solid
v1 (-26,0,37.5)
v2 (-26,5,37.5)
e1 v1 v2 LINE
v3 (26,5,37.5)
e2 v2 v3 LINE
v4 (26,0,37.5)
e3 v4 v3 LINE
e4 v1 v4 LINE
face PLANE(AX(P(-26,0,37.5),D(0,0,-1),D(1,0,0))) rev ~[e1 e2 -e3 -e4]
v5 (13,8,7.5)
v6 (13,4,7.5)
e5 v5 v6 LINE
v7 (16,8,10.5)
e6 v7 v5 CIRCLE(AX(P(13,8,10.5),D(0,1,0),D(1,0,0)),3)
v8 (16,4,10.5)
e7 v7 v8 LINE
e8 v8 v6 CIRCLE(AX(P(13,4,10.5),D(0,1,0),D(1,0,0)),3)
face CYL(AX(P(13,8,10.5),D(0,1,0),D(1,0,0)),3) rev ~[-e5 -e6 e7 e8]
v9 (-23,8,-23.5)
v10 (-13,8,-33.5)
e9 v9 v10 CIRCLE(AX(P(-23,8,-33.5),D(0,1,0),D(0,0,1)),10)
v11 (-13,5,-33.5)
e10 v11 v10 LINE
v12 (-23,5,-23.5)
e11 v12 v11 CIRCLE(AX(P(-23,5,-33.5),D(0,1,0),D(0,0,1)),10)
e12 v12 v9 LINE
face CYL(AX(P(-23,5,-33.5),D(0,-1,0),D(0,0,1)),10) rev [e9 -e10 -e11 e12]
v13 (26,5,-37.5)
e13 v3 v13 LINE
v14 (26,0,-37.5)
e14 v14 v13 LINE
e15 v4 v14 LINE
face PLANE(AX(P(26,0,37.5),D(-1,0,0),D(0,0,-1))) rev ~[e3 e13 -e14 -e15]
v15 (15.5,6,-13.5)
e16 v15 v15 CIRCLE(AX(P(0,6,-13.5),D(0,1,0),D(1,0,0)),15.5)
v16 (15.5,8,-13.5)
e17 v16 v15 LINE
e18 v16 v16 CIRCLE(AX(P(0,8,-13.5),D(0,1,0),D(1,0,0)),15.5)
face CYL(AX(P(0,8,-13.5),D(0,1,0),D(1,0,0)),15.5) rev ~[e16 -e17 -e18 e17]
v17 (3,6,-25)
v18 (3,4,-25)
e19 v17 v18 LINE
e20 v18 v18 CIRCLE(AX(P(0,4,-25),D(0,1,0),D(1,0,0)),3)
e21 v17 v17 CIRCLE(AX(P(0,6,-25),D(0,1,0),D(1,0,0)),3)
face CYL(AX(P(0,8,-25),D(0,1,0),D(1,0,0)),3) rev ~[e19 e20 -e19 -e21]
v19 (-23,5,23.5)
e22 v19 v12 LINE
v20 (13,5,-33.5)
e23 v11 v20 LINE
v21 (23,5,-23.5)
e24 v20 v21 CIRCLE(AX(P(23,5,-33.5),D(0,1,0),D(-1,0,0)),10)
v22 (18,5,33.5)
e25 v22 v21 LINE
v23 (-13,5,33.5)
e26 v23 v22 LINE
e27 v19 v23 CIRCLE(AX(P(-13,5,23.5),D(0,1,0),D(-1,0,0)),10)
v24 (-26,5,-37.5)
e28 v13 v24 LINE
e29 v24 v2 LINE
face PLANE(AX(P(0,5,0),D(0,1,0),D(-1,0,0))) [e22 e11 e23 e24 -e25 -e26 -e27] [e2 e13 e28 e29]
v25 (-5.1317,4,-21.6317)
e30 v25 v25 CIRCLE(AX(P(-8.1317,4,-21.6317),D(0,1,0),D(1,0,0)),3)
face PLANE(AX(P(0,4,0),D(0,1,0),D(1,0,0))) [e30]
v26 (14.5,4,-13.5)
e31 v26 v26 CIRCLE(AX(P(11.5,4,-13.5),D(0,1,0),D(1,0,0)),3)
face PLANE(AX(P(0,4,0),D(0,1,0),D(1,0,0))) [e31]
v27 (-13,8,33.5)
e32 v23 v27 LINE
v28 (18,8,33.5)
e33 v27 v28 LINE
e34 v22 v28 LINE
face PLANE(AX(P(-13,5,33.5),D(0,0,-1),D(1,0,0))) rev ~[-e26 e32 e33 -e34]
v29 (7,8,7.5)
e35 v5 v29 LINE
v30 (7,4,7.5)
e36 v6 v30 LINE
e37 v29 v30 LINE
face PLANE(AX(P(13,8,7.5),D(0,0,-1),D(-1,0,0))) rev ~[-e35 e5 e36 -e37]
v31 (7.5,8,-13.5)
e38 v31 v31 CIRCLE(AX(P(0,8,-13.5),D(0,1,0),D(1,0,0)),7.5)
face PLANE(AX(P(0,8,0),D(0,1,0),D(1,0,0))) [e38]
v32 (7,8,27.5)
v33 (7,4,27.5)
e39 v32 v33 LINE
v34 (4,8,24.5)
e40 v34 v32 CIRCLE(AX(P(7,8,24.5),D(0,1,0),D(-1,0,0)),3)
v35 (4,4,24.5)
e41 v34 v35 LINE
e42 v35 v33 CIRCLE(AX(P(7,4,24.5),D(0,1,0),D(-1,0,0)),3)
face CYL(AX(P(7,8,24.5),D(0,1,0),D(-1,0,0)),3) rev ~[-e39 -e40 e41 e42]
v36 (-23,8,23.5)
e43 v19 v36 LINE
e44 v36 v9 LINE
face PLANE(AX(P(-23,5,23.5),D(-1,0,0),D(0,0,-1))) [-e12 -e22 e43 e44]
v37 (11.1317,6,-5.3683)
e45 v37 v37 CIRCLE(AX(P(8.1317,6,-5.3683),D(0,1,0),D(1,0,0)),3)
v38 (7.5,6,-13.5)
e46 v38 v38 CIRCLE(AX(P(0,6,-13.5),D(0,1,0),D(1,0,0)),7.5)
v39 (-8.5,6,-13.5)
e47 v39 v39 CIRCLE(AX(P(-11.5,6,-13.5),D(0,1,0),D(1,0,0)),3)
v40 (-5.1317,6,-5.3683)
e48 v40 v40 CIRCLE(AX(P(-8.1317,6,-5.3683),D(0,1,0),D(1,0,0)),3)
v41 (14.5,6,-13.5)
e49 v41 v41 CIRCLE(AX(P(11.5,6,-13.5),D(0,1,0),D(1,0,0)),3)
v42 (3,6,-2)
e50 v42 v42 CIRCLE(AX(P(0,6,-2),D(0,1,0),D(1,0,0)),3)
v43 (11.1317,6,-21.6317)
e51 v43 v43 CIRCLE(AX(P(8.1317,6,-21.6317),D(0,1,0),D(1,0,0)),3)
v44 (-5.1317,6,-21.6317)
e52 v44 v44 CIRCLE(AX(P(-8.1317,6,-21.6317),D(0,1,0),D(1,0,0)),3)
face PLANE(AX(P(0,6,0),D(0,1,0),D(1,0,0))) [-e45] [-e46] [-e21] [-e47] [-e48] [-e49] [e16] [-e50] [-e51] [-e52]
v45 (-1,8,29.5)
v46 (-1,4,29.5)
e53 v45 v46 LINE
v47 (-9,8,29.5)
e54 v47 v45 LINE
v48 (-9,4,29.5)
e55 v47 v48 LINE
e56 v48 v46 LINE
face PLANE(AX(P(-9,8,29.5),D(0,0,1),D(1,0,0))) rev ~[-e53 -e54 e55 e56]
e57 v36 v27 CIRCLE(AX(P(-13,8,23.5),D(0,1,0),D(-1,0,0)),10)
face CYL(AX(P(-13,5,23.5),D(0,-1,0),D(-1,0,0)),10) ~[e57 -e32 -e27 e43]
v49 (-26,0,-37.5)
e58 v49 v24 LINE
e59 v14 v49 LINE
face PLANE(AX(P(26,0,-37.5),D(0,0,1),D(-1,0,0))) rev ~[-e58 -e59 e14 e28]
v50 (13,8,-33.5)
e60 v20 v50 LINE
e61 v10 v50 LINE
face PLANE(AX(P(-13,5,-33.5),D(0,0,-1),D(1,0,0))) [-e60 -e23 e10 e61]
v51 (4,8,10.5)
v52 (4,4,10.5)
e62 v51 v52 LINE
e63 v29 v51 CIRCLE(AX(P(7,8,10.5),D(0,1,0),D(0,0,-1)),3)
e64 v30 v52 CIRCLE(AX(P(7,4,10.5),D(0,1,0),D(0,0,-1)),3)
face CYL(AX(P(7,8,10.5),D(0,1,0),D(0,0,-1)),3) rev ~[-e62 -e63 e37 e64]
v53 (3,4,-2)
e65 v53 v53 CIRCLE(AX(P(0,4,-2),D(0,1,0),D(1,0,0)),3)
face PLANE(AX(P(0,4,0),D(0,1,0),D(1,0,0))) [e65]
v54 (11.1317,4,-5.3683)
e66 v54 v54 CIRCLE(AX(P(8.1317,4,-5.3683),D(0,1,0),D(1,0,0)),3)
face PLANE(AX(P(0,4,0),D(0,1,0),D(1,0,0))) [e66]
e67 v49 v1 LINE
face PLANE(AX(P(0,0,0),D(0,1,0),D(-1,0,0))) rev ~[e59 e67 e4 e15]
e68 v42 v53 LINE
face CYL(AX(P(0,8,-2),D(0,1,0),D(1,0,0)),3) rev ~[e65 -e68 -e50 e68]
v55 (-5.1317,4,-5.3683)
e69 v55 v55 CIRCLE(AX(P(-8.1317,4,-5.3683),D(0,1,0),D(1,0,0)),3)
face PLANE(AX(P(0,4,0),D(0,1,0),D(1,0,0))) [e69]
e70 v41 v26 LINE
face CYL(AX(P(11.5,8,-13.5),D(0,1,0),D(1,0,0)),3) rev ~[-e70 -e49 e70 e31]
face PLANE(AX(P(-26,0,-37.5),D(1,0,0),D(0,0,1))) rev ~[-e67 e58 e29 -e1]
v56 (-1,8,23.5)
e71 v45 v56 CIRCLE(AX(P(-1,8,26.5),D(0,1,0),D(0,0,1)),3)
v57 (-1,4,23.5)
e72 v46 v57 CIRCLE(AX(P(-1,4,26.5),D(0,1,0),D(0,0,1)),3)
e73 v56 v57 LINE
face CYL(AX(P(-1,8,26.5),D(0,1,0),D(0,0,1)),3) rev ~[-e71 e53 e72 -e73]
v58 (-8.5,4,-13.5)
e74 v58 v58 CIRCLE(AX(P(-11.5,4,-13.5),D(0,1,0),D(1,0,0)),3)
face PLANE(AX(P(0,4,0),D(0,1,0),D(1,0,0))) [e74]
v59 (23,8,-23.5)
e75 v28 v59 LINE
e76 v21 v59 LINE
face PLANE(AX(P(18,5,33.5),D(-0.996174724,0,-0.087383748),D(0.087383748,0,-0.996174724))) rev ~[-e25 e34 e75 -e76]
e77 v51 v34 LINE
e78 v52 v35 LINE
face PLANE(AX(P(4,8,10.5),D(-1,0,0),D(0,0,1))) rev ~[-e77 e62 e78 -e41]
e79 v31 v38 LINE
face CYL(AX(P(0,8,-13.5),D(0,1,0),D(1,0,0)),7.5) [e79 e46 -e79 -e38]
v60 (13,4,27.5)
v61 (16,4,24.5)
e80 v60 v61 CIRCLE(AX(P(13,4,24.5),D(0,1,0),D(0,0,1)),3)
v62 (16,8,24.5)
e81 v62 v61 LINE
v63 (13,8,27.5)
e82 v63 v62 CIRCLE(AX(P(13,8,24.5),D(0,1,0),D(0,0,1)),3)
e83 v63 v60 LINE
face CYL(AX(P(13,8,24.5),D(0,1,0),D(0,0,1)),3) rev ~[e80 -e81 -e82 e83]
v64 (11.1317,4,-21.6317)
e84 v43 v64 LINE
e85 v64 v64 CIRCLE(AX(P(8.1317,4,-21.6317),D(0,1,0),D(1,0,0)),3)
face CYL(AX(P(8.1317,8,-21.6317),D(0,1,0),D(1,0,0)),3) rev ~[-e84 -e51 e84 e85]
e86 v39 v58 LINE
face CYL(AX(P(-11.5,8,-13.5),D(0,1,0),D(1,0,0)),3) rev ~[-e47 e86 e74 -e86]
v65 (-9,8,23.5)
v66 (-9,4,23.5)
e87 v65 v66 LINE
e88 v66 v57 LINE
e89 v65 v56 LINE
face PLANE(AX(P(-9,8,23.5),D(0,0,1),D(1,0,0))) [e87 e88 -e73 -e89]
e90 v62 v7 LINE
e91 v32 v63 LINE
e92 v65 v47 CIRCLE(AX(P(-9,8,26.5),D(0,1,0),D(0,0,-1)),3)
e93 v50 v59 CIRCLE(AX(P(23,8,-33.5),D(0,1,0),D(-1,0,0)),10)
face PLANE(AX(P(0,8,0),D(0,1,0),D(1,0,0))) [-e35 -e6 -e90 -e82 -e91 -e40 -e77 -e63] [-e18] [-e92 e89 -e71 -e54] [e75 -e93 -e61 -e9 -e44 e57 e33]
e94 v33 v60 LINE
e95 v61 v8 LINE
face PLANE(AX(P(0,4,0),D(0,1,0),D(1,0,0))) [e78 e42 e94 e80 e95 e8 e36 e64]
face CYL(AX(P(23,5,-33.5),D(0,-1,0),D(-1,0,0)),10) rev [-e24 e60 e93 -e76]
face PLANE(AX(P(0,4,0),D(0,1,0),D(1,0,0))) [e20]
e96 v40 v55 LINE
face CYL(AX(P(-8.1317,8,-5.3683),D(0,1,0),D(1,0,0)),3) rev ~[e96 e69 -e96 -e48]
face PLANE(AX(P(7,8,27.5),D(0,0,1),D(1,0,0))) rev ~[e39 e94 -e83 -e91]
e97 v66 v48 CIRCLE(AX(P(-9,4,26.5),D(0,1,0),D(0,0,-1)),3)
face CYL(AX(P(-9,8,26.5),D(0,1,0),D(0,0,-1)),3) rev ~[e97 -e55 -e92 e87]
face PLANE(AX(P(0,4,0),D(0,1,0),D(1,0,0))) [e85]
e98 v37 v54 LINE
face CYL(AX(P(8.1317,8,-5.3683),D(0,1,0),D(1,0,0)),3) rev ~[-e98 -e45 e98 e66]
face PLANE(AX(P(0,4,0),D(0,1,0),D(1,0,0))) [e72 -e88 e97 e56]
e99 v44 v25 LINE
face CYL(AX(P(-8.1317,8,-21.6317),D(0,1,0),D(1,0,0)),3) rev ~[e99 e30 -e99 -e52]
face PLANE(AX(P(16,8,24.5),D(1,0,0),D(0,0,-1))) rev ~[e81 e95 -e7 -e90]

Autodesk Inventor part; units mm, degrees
ref_plane "YZ Plane" through (0, 0, 0) normal (1, 0, 0) x (0, 1, 0)
ref_plane "XZ Plane" through (0, 0, 0) normal (0, 1, 0) x (-1, 0, 0)
ref_plane "XY Plane" through (0, 0, 0) normal (0, 0, 1) x (1, 0, 0)
sketch "Sketch1" plane through (0, 0, 0) normal (0, 1, 0) x (-1, 0, 0)
  line L0 (26, 37.5) -> (-26, 37.5)
  line L1 (-26, 37.5) -> (-26, -37.5)
  line L2 (-26, -37.5) -> (26, -37.5)
  line L3 (26, -37.5) -> (26, 37.5)
  line L4 (26, 37.5) -> (-26, -37.5) construction
  line L5 (-26, 37.5) -> (26, -37.5) construction
  point P0 (0, 0)
  dimension "d0" = 52
  dimension "d1" = 75
extrude "Extrusion1" add sketch "Sketch1" along normal blind 5
sketch "Sketch2" plane through (0, 5, 0) normal (0, 1, 0) x (1, 0, 0)
  line L0 (-13, -33.5) -> (35.879, -33.5)
  line L1 (-26, -37.5) -> (26, -37.5) projected
  line L2 (-23, -23.5) -> (-23, 74.0013)
  line L3 (-26, 37.5) -> (-26, -37.5) projected
  arc A0 (-23, 23.5) -> (-13, 33.5) centre (-23, 33.5) ccw
  line L4 (26, 37.5) -> (-26, 37.5) projected
  arc A1 (13, 33.5) -> (23, 23.5) centre (23, 33.5) ccw
  line L5 (26, -37.5) -> (26, 37.5) projected
  line L6 (-13, 33.5) -> (13, 33.5)
  line L7 (18, -33.5) -> (23, 23.5)
  arc A2 (-23, -23.5) -> (-13, -33.5) centre (-13, -23.5) ccw
  point P0 (0, 0)
  dimension "d4" = 4
  dimension "d5" = 3
  dimension "d6" = 20
  dimension "d7" = 4
  dimension "d8" = 20
  dimension "d9" = 4
  dimension "d10" = 3
  dimension "d11" = 8
  dimension "d12" = 3
  dimension "d13" = 10
extrude "Extrusion2" add sketch "Sketch2" along normal blind 3 contours A2 L2 A0 L6 A1 L7 L0
sketch "Sketch3" plane through (0, 8, 0) normal (0, 1, 0) x (1, 0, 0)
  line L0 (4, -10.5) -> (4, -24.5)
  line L1 (7, -27.5) -> (13, -27.5)
  line L2 (16, -24.5) -> (16, -10.5)
  line L3 (13, -7.5) -> (7, -7.5)
  line L4 (26, -37.5) -> (26, 37.5) projected
  line L5 (-26, -37.5) -> (26, -37.5) projected
  arc A0 (4, -24.5) -> (7, -27.5) centre (7, -24.5) ccw
  arc A1 (7, -7.5) -> (4, -10.5) centre (7, -10.5) ccw
  arc A2 (16, -10.5) -> (13, -7.5) centre (13, -10.5) ccw
  arc A3 (13, -27.5) -> (16, -24.5) centre (13, -24.5) ccw
  arc A4 (-9, -23.5) -> (-9, -29.5) centre (-9, -26.5) ccw
  arc A5 (-1, -29.5) -> (-1, -23.5) centre (-1, -26.5) ccw
  line L6 (-9, -23.5) -> (-1, -23.5)
  line L7 (-9, -29.5) -> (-1, -29.5)
  circle A6 centre (0, 13.5) radius 7.5
  circle A7 centre (0, 2) radius 3
  circle A8 centre (-8.1317, 5.3683) radius 3
  circle A9 centre (-11.5, 13.5) radius 3
  circle A10 centre (-8.1317, 21.6317) radius 3
  circle A11 centre (0, 25) radius 3
  circle A12 centre (8.1317, 21.6317) radius 3
  circle A13 centre (11.5, 13.5) radius 3
  circle A14 centre (8.1317, 5.3683) radius 3
  point P0 (0, 0)
  point P1 (4, -7.5)
  point P2 (4, -27.5)
  point P3 (16, -27.5)
  dimension "d16" = 22
  dimension "d17" = 30
  dimension "d18" = 20
  dimension "d19" = 12
  dimension "d20" = 3
  dimension "d21" = 6
  dimension "d22" = 6
  dimension "d23" = 27
  dimension "d24" = 11
  dimension "d25" = 11
  dimension "d26" = 35
  dimension "d27" = 15
  dimension "d28" = 51
  dimension "d29" = 26
  dimension "d30" = 6
  dimension "d31" = 11.5
  dimension "d34" = 360
extrude "Extrusion3" cut sketch "Sketch3" against normal blind 4 contours A1 L3 A2 L2 A3 L1 A0 L0 | L6 A5 L7 A4 | A7 | A8 | A9 | A10 | A11 | A12 | A13 | A14
sketch "Sketch4" plane through (0, 8, 0) normal (0, 1, 0) x (1, 0, 0)
  circle A0 centre (0, 13.5) radius 7.5
  line L0 (26, -37.5) -> (26, 37.5) projected
  line L1 (-26, -37.5) -> (26, -37.5) projected
  circle A1 centre (0, 13.5) radius 15.5
  point P0 (0, 0)
  dimension "d38" = 15
  dimension "d39" = 26
  dimension "d40" = 51
  dimension "d41" = 31
extrude "Extrusion4" cut sketch "Sketch4" against normal blind 2
properties part number "A2P2"
